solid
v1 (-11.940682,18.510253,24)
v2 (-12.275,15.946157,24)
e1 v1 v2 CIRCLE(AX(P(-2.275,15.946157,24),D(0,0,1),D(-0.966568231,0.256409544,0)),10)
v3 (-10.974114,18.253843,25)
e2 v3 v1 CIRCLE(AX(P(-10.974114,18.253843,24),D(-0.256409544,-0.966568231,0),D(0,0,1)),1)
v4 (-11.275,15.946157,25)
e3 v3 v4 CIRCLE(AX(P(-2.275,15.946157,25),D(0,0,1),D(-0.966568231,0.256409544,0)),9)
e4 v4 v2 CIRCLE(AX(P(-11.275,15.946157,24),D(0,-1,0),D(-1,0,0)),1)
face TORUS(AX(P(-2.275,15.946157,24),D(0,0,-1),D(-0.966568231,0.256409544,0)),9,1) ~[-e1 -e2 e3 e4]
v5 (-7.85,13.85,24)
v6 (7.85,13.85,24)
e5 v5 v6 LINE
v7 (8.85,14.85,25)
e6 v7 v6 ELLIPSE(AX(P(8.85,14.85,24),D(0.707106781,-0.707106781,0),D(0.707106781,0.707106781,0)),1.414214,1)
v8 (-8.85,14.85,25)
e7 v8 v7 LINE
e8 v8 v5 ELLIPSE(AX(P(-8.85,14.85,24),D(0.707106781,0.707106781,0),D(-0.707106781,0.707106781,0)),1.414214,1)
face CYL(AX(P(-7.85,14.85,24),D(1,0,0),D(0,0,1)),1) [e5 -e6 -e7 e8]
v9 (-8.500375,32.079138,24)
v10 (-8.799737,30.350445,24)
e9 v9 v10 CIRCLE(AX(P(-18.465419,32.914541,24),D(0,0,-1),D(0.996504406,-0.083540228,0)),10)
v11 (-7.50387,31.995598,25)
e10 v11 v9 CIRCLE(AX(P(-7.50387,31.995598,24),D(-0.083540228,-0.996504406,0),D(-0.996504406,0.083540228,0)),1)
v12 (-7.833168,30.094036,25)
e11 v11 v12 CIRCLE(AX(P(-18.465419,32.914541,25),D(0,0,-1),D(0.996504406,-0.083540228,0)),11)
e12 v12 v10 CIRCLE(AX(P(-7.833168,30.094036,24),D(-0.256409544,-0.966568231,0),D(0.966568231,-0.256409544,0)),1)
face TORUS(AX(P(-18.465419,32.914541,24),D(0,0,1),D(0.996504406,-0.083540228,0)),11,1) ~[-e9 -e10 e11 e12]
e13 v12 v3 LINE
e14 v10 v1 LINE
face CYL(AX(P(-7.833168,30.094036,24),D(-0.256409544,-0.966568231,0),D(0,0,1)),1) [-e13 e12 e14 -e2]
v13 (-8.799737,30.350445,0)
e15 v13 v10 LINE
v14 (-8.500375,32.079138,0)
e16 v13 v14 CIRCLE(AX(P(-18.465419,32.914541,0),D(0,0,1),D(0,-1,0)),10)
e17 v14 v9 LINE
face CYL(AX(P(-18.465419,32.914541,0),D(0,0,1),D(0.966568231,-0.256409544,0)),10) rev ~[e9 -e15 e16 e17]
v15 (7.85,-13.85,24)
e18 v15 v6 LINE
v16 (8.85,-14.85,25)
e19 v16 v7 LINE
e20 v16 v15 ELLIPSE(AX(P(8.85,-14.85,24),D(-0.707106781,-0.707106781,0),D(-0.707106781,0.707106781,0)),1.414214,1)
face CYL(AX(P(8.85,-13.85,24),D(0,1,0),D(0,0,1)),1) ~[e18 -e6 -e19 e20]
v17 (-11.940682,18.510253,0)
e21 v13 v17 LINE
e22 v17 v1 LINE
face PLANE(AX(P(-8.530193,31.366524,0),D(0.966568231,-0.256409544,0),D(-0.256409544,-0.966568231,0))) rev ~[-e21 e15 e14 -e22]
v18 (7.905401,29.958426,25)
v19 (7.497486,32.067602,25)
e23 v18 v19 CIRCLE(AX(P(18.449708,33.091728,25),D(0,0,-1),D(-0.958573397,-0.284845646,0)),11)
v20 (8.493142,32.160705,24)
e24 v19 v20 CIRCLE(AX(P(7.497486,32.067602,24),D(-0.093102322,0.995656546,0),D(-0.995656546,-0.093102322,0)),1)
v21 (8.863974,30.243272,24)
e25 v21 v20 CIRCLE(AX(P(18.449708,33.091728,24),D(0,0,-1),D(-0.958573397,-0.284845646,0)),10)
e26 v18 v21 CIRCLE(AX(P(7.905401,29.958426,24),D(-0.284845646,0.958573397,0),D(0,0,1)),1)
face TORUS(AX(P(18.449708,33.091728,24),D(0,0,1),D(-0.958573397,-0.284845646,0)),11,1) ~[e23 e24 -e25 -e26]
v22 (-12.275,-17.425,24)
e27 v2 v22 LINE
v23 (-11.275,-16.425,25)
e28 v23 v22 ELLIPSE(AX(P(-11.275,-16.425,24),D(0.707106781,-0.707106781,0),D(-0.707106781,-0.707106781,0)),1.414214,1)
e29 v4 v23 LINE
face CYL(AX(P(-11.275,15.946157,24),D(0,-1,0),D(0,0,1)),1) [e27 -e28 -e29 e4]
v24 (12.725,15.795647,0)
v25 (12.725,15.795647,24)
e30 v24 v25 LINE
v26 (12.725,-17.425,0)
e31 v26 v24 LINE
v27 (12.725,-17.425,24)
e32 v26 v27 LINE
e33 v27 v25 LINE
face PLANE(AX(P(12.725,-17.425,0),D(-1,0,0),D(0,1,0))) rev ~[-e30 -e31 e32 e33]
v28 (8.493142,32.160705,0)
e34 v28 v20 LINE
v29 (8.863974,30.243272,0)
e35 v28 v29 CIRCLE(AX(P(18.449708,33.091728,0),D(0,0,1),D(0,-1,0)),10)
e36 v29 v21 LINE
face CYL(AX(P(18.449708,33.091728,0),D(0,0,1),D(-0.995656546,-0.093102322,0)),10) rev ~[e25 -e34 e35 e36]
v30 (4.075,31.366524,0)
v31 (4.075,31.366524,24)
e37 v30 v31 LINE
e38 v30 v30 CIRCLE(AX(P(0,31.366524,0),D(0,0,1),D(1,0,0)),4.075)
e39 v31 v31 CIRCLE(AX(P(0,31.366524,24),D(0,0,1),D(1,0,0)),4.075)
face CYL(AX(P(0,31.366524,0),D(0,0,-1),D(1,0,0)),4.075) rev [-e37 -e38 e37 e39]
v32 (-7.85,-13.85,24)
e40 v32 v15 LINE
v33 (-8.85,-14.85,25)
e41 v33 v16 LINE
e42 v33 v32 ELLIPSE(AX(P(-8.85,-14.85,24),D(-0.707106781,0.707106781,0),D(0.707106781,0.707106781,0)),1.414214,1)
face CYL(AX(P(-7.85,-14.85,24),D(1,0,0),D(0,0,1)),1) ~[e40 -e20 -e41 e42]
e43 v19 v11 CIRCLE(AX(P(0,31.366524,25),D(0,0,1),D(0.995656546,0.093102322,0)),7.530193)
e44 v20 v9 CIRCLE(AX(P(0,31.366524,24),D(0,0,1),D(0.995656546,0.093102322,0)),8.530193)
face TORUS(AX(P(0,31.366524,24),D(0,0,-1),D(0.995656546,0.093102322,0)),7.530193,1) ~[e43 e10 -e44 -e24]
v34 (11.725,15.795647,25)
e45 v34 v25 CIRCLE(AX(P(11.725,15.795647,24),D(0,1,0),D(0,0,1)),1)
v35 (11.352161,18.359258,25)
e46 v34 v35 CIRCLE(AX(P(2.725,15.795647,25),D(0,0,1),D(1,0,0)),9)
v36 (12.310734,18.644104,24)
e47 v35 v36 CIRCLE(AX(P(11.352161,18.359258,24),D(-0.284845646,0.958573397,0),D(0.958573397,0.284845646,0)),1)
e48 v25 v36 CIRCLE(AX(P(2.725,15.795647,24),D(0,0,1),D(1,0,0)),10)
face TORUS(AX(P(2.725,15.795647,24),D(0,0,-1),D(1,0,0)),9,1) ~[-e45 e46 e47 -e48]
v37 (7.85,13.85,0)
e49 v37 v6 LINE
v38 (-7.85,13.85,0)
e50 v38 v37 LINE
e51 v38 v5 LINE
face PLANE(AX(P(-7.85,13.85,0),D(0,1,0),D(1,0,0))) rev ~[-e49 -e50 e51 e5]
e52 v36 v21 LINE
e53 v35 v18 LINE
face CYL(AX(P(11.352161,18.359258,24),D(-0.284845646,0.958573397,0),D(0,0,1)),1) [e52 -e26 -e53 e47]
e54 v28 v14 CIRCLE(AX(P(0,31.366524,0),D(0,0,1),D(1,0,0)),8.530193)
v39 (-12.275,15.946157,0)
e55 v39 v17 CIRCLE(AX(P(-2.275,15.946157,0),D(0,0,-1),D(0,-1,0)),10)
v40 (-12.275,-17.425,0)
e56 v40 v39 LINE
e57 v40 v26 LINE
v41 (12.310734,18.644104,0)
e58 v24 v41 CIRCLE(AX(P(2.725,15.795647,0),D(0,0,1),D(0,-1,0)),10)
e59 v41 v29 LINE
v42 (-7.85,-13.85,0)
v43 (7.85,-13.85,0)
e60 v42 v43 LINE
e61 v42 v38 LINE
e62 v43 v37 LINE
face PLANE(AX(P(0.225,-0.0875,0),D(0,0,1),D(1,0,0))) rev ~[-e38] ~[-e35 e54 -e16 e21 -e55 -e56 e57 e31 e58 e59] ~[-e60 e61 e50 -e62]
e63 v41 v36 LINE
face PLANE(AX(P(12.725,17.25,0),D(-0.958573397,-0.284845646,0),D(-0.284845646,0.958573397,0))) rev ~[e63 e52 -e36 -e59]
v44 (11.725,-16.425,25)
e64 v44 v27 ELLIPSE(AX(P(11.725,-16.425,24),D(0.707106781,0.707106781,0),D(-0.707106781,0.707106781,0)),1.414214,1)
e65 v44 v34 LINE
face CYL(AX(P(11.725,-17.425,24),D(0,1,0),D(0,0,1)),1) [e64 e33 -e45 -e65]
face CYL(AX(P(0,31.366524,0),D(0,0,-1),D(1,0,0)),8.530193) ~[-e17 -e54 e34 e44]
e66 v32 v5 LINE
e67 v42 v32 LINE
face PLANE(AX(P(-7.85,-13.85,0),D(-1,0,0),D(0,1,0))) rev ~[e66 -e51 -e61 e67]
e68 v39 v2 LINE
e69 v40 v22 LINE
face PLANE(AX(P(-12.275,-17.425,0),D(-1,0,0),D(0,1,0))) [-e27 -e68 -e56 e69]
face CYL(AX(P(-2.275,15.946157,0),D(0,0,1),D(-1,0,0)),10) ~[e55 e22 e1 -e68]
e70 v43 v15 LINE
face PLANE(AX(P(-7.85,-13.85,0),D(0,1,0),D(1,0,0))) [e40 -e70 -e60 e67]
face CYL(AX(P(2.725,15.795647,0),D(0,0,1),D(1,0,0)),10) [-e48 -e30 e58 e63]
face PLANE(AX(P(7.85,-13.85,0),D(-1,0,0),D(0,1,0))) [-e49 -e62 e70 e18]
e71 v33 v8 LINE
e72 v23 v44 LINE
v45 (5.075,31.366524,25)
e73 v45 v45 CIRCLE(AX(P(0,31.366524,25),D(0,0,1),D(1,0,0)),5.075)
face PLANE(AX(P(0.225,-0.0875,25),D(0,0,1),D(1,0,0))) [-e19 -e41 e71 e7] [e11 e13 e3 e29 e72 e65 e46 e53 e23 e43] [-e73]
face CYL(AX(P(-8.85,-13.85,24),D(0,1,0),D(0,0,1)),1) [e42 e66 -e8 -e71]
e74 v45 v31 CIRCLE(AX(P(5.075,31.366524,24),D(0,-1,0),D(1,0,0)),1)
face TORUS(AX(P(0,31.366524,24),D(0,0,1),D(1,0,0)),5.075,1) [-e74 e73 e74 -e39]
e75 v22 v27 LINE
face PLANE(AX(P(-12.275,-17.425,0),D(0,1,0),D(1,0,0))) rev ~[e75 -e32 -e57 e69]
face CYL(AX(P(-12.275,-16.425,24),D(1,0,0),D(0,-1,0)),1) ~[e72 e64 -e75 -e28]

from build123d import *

# Parameters (mm, degrees)
F0_W     = 25
F0_H     = 34.675
F0_W_2   = 15.7
F0_H_2   = 27.7
F0_R     = 4.075
F1_DEPTH = 25
F2_R     = 10
F3_R     = 1


with BuildPart() as f1:
    # F0 (on Top) → F1 (new body)
    with BuildSketch(Plane.XY):
        with Locations((0.225, -0.0875)):
            Rectangle(F0_W, F0_H)
        Rectangle(F0_W_2, F0_H_2, mode=Mode.SUBTRACT)
        with BuildLine():
            Line((-12.275, 17.25), (12.725, 17.25))
            Line((12.725, 17.25), (8.530193, 31.366524))
            ThreePointArc((8.530193, 31.366524), (0, 22.836331), (-8.530193, 31.366524))
            Line((-8.530193, 31.366524), (-12.275, 17.25))
        make_face()
        with BuildLine():
            ThreePointArc((-8.530193, 31.366524), (0, 22.836331), (8.530193, 31.366524))
            ThreePointArc((8.530193, 31.366524), (0, 39.896717), (-8.530193, 31.366524))
        make_face()
        with Locations((0, 31.366524)):
            Circle(F0_R, mode=Mode.SUBTRACT)
    extrude(amount=F1_DEPTH)

    # F2
    f2_edges = [f1.edges().sort_by_distance(p)[0] for p in [
        (12.725, 17.25, 12.5),
        (8.530193, 31.366524, 12.5),
        (-8.530193, 31.366524, 12.5),
        (-12.275, 17.25, 12.5),
    ]]
    fillet(f2_edges, radius=F2_R)

    # F3
    f3_edges = [f1.edges().sort_by_distance(p)[0] for p in [
        (12.725, -0.814676, 25),
        (12.620892, 17.234859, 25),
        (0.225, -17.425, 25),
        (10.587354, 24.443688, 25),
        (-12.275, -0.739421, 25),
        (8.631638, 31.192913, 25),
        (-12.191068, 17.239057, 25),
        (-0.040943, 39.896618, 25),
        (-10.370209, 24.430349, 25),
        (-8.612072, 31.208214, 25),
        (7.85, 0, 25),
        (0, -13.85, 25),
        (-7.85, 0, 25),
        (0, 13.85, 25),
        (-4.075, 31.366524, 25),
    ]]
    fillet(f3_edges, radius=F3_R)


solid = f1.part
